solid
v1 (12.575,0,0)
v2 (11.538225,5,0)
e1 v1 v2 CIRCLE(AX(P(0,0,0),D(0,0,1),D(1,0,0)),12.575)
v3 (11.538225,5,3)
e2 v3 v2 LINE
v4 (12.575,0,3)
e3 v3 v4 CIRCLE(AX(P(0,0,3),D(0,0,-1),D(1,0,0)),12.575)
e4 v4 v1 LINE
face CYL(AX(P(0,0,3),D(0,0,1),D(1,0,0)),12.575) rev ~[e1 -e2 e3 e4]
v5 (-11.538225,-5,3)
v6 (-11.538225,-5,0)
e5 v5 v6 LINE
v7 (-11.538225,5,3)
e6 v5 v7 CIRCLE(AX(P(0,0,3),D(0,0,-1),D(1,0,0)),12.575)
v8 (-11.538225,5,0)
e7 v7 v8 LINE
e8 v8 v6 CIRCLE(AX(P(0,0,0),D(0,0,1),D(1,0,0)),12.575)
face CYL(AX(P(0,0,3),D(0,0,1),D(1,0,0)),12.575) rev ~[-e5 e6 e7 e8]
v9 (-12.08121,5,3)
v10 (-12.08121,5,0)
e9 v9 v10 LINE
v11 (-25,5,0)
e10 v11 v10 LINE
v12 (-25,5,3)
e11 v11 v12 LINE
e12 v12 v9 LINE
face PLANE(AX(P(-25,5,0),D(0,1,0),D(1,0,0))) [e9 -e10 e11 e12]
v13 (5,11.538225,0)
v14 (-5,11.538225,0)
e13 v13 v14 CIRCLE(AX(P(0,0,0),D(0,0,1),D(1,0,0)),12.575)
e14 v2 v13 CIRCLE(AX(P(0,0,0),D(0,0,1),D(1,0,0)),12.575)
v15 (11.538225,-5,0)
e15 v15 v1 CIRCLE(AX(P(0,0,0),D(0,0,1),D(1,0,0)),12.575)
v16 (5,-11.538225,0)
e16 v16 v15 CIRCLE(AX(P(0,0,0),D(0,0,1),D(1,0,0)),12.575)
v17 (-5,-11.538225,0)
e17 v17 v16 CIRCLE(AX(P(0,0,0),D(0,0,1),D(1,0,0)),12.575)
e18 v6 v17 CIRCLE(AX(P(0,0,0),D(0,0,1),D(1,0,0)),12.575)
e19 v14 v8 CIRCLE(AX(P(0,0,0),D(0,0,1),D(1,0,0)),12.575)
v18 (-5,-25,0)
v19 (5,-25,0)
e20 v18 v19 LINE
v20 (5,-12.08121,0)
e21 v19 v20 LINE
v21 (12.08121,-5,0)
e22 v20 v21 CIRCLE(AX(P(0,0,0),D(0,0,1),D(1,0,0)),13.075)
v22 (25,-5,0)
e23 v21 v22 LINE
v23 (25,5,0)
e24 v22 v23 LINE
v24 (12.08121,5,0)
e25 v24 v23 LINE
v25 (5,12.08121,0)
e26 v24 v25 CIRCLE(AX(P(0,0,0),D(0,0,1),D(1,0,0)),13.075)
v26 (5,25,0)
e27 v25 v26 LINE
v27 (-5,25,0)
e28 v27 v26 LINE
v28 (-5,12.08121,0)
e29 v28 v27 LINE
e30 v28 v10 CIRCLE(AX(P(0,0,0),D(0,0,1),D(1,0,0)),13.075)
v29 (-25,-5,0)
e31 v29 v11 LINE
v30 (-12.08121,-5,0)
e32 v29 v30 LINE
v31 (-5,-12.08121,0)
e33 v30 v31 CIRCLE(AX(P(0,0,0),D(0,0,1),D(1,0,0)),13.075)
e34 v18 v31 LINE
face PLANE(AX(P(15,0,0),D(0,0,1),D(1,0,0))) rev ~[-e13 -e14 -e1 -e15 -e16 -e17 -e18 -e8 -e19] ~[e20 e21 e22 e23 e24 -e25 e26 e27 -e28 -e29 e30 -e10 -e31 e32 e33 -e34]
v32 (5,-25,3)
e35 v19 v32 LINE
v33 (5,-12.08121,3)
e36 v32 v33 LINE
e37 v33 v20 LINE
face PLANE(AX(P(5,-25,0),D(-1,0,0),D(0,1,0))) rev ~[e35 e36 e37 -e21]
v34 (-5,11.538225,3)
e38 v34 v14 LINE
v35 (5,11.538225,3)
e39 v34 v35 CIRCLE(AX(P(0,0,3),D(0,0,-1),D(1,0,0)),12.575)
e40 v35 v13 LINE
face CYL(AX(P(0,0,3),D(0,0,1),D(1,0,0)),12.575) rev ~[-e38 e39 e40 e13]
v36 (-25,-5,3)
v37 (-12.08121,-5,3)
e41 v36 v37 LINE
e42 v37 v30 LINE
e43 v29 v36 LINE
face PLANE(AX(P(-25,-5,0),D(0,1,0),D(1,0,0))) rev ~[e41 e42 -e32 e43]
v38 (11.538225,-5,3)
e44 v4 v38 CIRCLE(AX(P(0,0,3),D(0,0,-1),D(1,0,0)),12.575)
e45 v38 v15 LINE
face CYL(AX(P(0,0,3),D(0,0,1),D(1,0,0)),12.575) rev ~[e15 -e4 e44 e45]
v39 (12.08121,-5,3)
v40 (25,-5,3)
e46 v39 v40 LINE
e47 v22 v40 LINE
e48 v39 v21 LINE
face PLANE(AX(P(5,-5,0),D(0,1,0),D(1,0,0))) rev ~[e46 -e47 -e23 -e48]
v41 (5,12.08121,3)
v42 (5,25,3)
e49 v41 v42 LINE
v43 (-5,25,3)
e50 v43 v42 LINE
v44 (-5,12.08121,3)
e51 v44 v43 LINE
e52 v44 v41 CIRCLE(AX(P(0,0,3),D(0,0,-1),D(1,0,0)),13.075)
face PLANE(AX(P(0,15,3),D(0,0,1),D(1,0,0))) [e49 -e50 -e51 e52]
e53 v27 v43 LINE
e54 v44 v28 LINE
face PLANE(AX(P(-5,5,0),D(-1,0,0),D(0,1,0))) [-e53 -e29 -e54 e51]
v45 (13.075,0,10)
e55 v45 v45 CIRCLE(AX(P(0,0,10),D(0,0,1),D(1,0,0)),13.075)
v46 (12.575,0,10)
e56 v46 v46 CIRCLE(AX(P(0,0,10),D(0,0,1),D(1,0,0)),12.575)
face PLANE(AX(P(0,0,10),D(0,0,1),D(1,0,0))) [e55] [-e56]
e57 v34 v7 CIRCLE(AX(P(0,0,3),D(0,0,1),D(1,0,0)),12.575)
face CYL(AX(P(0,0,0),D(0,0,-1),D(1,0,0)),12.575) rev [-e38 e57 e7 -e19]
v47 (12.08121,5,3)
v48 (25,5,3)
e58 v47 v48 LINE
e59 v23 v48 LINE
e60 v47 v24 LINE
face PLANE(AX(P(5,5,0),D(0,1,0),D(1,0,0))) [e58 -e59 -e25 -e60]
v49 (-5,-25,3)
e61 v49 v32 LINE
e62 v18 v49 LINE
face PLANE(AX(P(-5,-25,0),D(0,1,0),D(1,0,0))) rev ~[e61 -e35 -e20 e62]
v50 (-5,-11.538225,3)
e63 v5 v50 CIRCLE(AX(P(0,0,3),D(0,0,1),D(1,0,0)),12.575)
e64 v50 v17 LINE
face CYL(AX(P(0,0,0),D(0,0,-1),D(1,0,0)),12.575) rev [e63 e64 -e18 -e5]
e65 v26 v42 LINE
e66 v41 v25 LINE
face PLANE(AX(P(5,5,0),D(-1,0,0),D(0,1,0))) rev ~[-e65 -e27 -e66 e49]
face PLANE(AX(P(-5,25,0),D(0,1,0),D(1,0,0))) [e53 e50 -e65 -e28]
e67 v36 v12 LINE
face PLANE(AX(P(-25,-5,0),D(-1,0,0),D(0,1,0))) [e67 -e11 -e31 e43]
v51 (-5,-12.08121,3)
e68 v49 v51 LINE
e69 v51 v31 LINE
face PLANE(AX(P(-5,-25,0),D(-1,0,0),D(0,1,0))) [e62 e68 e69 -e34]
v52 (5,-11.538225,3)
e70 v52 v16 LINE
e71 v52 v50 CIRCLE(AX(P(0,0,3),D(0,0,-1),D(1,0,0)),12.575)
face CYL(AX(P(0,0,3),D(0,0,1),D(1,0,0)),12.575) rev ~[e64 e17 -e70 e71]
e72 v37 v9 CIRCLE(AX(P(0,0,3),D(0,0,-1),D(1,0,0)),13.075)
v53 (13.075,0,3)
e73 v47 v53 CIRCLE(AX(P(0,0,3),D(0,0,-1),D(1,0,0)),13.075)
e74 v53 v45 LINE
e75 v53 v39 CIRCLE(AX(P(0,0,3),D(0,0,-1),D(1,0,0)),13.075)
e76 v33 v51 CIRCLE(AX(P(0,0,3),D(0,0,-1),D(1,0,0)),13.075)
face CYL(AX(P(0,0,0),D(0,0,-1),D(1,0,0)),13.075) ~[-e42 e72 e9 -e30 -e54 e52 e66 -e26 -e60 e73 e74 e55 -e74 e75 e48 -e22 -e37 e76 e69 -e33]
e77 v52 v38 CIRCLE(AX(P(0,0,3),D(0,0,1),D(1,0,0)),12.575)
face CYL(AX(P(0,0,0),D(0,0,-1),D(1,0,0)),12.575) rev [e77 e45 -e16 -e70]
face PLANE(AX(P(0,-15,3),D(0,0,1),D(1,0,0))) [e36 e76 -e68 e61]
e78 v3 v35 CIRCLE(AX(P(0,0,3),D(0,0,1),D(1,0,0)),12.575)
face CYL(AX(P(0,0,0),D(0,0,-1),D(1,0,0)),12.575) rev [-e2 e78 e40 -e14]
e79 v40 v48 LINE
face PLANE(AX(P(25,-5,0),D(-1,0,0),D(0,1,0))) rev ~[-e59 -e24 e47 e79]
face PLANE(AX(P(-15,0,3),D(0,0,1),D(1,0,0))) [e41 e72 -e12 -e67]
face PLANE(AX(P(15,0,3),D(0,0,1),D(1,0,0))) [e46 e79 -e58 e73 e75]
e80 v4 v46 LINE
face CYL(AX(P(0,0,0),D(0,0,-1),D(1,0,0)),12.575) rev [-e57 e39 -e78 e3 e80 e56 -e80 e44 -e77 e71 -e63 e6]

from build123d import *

# Parameters (mm, degrees)
F0_R     = 13.075
F0_R_2   = 12.575
F1_DEPTH = 10
F2_W     = 20
F2_H     = 10
F2_W_2   = 10
F2_H_2   = 20
F3_DEPTH = 3
F4_R     = 12.575
F5_DEPTH = 25


with BuildPart() as f1:
    # F0 (on Top) → F1 (new body)
    with BuildSketch(Plane.XY):
        Circle(F0_R)
        Circle(F0_R_2, mode=Mode.SUBTRACT)
    extrude(amount=F1_DEPTH)

    # F2 (on Top) → F3 (join)
    with BuildSketch(Plane.XY):
        with Locations((15, 0)):
            Rectangle(F2_W, F2_H)
        with Locations((0, -15)):
            Rectangle(F2_W_2, F2_H_2)
        with Locations((-15, 0)):
            Rectangle(F2_W, F2_H)
        with Locations((0, 15)):
            Rectangle(F2_W_2, F2_H_2)
    extrude(amount=F3_DEPTH)

    # F4 (on face) → F5 (cut)
    with BuildSketch(Plane.XY.offset(3)):
        Circle(F4_R)
    extrude(amount=-F5_DEPTH, mode=Mode.SUBTRACT)


solid = f1.part
